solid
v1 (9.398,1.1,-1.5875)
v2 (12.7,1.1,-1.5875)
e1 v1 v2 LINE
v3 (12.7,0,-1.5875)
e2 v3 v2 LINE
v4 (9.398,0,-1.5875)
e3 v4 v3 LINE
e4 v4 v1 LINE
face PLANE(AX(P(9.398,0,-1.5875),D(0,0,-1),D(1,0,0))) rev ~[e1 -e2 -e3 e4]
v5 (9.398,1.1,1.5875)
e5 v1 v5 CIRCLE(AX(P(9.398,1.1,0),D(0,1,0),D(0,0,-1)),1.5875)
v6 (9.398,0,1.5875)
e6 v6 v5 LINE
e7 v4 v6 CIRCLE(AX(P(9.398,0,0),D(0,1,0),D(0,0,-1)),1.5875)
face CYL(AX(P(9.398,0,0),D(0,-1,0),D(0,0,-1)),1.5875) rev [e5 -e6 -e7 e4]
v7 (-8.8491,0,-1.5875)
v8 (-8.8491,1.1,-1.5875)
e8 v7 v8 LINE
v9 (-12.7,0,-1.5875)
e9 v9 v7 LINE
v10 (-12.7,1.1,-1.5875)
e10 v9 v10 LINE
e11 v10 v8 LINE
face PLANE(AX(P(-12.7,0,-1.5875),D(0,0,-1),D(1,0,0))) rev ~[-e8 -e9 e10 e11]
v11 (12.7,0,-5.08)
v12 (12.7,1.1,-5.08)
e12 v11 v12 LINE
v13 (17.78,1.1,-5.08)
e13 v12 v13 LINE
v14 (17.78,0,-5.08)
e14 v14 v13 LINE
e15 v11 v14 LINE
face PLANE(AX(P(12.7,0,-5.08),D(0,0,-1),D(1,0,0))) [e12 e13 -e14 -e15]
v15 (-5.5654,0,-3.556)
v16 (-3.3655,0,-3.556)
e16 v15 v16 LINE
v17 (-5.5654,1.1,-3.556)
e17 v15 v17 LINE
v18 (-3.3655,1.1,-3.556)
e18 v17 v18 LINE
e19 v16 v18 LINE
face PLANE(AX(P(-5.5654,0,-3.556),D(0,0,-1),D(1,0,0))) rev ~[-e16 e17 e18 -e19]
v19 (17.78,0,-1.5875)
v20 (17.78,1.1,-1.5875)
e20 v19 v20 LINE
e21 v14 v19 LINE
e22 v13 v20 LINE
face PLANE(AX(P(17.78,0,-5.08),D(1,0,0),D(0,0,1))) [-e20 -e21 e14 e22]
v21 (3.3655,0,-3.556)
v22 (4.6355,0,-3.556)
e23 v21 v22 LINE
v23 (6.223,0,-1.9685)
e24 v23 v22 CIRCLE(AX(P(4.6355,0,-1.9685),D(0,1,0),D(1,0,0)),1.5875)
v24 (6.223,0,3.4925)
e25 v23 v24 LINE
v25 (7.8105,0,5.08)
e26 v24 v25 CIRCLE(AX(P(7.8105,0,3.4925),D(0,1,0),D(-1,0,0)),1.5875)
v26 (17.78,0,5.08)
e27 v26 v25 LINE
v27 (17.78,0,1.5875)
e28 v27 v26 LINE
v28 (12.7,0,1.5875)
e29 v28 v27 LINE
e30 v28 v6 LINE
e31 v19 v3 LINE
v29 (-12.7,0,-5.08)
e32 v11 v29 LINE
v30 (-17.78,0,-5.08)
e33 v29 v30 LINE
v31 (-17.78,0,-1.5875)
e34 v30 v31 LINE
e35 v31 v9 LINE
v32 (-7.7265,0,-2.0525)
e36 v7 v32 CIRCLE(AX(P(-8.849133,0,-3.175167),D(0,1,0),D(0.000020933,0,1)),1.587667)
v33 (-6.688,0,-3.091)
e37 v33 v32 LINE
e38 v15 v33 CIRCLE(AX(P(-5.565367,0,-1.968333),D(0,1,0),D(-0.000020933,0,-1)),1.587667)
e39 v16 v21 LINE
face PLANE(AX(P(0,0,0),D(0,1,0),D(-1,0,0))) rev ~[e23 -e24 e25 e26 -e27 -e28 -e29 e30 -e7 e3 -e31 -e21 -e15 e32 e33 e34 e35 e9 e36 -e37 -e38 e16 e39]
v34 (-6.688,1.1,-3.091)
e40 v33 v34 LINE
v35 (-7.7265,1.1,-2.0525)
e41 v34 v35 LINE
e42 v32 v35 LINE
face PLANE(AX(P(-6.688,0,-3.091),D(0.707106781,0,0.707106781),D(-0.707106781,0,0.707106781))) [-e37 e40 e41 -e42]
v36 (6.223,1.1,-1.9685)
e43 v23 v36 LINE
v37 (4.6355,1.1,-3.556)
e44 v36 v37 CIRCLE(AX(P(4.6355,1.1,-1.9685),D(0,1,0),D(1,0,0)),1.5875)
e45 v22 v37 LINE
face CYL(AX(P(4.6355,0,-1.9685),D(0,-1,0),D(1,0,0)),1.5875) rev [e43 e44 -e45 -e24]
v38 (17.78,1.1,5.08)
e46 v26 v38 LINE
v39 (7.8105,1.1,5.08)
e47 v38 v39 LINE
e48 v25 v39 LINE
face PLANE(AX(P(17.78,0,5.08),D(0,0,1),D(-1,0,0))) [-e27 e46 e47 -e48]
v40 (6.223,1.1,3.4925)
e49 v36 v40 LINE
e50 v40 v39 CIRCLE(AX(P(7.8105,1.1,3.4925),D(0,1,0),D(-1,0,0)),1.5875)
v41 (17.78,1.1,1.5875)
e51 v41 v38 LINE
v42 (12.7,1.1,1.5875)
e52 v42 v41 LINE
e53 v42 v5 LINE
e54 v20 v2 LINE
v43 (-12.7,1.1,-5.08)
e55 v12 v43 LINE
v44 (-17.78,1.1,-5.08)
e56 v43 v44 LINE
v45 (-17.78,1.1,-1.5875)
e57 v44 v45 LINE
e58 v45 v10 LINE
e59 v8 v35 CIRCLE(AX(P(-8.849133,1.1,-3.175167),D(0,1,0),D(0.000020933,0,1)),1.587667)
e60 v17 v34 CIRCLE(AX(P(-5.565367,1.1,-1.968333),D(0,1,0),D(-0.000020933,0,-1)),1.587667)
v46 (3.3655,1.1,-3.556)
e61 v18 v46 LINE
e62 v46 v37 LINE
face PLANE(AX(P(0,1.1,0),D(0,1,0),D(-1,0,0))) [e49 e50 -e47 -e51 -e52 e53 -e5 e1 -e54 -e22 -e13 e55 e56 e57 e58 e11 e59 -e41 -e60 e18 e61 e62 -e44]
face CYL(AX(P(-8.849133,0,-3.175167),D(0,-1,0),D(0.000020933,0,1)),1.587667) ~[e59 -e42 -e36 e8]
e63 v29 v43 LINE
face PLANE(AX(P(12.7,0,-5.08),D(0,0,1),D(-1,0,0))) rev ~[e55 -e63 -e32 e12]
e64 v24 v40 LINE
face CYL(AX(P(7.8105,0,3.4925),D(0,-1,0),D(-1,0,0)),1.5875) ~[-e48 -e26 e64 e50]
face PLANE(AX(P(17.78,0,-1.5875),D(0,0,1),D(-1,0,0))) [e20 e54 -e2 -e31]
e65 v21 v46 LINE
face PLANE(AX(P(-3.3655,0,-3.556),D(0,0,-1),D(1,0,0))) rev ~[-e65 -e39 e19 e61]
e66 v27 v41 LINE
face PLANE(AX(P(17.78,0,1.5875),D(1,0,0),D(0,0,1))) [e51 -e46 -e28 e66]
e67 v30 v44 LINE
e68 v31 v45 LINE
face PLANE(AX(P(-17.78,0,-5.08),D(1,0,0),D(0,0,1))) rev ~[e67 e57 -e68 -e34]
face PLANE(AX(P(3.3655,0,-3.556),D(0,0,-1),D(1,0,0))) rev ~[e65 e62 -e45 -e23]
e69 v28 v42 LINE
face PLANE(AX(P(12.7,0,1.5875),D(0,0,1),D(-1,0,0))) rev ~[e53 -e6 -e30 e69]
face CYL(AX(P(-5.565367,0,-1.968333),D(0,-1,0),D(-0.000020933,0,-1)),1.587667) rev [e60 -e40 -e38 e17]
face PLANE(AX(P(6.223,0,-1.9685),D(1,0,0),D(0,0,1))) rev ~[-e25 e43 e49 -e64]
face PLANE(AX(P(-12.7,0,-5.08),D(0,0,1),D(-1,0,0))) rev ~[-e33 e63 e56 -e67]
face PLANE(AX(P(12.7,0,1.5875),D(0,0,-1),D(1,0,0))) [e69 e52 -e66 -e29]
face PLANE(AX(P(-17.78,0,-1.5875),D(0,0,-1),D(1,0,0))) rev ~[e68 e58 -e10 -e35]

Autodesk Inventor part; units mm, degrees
ref_plane "YZ Plane" through (0, 0, 0) normal (1, 0, 0) x (0, 1, 0)
ref_plane "XZ Plane" through (0, 0, 0) normal (0, 1, 0) x (-1, 0, 0)
ref_plane "XY Plane" through (0, 0, 0) normal (0, 0, 1) x (1, 0, 0)
sketch "Sketch1" plane through (0, 0, 0) normal (0, 1, 0) x (-1, 0, 0)
  line L0 (3.3655, -3.556) -> (-3.3655, -3.556)
  line L1 (-12.7, 1.5875) -> (-9.398, 1.5875)
  line L2 (-9.398, -1.5875) -> (-12.7, -1.5875)
  line L3 (-12.7, -5.08) -> (12.7, -5.08)
  line L4 (12.7, -1.5875) -> (8.8491, -1.5875)
  line L5 (-12.7, -5.08) -> (-17.78, -5.08)
  line L6 (-17.78, -5.08) -> (-17.78, -1.5875)
  line L7 (-17.78, -1.5875) -> (-12.7, -1.5875)
  line L8 (-12.7, 1.5875) -> (-17.78, 1.5875)
  line L9 (-17.78, 1.5875) -> (-17.78, 5.08)
  line L10 (12.7, -5.08) -> (17.78, -5.08)
  line L11 (17.78, -5.08) -> (17.78, -1.5875)
  line L12 (17.78, -1.5875) -> (12.7, -1.5875)
  line L13 (12.7, -1.5875) -> (8.8491, -1.5875)
  line L14 (-8.128, 0) -> (-9.398, 0)
  line L15 (-3.3655, -3.556) -> (-4.6355, -3.556)
  line L16 (-6.223, -1.9685) -> (-6.223, 3.4925)
  arc A0 (-9.398, -1.5875) -> (-9.398, 1.5875) centre (-9.398, 0) ccw
  line L17 (-17.78, 5.08) -> (-7.8105, 5.08)
  line L18 (5.5654, -3.556) -> (3.3655, -3.556)
  line L19 (6.688, -3.091) -> (7.7265, -2.0525)
  line L20 (6.223, -3.556) -> (14.5183, -3.556) construction
  arc A1 (-6.223, -1.9685) -> (-4.6355, -3.556) centre (-4.6355, -1.9685) ccw
  arc A2 (-6.223, 3.4925) -> (-7.8105, 5.08) centre (-7.8105, 3.4925) ccw
  arc A3 (5.5654, -3.556) -> (6.688, -3.091) centre (5.5654, -1.9685) ccw
  arc A4 (8.8491, -1.5875) -> (7.7265, -2.0525) centre (8.8491, -3.175) ccw
  point P0 (0, 0)
  point P1 (-3.3655, -3.556)
  dimension "d0" = 5.08
  dimension "d1" = 5.08
  dimension "d3" = 1.27
  dimension "d6" = 45
  dimension "d7" = 1.5875
extrude "Extrusion1" add sketch "Sketch1" along normal blind 1.1
properties part number "harveyLabWideHeadplate_1p4in"
